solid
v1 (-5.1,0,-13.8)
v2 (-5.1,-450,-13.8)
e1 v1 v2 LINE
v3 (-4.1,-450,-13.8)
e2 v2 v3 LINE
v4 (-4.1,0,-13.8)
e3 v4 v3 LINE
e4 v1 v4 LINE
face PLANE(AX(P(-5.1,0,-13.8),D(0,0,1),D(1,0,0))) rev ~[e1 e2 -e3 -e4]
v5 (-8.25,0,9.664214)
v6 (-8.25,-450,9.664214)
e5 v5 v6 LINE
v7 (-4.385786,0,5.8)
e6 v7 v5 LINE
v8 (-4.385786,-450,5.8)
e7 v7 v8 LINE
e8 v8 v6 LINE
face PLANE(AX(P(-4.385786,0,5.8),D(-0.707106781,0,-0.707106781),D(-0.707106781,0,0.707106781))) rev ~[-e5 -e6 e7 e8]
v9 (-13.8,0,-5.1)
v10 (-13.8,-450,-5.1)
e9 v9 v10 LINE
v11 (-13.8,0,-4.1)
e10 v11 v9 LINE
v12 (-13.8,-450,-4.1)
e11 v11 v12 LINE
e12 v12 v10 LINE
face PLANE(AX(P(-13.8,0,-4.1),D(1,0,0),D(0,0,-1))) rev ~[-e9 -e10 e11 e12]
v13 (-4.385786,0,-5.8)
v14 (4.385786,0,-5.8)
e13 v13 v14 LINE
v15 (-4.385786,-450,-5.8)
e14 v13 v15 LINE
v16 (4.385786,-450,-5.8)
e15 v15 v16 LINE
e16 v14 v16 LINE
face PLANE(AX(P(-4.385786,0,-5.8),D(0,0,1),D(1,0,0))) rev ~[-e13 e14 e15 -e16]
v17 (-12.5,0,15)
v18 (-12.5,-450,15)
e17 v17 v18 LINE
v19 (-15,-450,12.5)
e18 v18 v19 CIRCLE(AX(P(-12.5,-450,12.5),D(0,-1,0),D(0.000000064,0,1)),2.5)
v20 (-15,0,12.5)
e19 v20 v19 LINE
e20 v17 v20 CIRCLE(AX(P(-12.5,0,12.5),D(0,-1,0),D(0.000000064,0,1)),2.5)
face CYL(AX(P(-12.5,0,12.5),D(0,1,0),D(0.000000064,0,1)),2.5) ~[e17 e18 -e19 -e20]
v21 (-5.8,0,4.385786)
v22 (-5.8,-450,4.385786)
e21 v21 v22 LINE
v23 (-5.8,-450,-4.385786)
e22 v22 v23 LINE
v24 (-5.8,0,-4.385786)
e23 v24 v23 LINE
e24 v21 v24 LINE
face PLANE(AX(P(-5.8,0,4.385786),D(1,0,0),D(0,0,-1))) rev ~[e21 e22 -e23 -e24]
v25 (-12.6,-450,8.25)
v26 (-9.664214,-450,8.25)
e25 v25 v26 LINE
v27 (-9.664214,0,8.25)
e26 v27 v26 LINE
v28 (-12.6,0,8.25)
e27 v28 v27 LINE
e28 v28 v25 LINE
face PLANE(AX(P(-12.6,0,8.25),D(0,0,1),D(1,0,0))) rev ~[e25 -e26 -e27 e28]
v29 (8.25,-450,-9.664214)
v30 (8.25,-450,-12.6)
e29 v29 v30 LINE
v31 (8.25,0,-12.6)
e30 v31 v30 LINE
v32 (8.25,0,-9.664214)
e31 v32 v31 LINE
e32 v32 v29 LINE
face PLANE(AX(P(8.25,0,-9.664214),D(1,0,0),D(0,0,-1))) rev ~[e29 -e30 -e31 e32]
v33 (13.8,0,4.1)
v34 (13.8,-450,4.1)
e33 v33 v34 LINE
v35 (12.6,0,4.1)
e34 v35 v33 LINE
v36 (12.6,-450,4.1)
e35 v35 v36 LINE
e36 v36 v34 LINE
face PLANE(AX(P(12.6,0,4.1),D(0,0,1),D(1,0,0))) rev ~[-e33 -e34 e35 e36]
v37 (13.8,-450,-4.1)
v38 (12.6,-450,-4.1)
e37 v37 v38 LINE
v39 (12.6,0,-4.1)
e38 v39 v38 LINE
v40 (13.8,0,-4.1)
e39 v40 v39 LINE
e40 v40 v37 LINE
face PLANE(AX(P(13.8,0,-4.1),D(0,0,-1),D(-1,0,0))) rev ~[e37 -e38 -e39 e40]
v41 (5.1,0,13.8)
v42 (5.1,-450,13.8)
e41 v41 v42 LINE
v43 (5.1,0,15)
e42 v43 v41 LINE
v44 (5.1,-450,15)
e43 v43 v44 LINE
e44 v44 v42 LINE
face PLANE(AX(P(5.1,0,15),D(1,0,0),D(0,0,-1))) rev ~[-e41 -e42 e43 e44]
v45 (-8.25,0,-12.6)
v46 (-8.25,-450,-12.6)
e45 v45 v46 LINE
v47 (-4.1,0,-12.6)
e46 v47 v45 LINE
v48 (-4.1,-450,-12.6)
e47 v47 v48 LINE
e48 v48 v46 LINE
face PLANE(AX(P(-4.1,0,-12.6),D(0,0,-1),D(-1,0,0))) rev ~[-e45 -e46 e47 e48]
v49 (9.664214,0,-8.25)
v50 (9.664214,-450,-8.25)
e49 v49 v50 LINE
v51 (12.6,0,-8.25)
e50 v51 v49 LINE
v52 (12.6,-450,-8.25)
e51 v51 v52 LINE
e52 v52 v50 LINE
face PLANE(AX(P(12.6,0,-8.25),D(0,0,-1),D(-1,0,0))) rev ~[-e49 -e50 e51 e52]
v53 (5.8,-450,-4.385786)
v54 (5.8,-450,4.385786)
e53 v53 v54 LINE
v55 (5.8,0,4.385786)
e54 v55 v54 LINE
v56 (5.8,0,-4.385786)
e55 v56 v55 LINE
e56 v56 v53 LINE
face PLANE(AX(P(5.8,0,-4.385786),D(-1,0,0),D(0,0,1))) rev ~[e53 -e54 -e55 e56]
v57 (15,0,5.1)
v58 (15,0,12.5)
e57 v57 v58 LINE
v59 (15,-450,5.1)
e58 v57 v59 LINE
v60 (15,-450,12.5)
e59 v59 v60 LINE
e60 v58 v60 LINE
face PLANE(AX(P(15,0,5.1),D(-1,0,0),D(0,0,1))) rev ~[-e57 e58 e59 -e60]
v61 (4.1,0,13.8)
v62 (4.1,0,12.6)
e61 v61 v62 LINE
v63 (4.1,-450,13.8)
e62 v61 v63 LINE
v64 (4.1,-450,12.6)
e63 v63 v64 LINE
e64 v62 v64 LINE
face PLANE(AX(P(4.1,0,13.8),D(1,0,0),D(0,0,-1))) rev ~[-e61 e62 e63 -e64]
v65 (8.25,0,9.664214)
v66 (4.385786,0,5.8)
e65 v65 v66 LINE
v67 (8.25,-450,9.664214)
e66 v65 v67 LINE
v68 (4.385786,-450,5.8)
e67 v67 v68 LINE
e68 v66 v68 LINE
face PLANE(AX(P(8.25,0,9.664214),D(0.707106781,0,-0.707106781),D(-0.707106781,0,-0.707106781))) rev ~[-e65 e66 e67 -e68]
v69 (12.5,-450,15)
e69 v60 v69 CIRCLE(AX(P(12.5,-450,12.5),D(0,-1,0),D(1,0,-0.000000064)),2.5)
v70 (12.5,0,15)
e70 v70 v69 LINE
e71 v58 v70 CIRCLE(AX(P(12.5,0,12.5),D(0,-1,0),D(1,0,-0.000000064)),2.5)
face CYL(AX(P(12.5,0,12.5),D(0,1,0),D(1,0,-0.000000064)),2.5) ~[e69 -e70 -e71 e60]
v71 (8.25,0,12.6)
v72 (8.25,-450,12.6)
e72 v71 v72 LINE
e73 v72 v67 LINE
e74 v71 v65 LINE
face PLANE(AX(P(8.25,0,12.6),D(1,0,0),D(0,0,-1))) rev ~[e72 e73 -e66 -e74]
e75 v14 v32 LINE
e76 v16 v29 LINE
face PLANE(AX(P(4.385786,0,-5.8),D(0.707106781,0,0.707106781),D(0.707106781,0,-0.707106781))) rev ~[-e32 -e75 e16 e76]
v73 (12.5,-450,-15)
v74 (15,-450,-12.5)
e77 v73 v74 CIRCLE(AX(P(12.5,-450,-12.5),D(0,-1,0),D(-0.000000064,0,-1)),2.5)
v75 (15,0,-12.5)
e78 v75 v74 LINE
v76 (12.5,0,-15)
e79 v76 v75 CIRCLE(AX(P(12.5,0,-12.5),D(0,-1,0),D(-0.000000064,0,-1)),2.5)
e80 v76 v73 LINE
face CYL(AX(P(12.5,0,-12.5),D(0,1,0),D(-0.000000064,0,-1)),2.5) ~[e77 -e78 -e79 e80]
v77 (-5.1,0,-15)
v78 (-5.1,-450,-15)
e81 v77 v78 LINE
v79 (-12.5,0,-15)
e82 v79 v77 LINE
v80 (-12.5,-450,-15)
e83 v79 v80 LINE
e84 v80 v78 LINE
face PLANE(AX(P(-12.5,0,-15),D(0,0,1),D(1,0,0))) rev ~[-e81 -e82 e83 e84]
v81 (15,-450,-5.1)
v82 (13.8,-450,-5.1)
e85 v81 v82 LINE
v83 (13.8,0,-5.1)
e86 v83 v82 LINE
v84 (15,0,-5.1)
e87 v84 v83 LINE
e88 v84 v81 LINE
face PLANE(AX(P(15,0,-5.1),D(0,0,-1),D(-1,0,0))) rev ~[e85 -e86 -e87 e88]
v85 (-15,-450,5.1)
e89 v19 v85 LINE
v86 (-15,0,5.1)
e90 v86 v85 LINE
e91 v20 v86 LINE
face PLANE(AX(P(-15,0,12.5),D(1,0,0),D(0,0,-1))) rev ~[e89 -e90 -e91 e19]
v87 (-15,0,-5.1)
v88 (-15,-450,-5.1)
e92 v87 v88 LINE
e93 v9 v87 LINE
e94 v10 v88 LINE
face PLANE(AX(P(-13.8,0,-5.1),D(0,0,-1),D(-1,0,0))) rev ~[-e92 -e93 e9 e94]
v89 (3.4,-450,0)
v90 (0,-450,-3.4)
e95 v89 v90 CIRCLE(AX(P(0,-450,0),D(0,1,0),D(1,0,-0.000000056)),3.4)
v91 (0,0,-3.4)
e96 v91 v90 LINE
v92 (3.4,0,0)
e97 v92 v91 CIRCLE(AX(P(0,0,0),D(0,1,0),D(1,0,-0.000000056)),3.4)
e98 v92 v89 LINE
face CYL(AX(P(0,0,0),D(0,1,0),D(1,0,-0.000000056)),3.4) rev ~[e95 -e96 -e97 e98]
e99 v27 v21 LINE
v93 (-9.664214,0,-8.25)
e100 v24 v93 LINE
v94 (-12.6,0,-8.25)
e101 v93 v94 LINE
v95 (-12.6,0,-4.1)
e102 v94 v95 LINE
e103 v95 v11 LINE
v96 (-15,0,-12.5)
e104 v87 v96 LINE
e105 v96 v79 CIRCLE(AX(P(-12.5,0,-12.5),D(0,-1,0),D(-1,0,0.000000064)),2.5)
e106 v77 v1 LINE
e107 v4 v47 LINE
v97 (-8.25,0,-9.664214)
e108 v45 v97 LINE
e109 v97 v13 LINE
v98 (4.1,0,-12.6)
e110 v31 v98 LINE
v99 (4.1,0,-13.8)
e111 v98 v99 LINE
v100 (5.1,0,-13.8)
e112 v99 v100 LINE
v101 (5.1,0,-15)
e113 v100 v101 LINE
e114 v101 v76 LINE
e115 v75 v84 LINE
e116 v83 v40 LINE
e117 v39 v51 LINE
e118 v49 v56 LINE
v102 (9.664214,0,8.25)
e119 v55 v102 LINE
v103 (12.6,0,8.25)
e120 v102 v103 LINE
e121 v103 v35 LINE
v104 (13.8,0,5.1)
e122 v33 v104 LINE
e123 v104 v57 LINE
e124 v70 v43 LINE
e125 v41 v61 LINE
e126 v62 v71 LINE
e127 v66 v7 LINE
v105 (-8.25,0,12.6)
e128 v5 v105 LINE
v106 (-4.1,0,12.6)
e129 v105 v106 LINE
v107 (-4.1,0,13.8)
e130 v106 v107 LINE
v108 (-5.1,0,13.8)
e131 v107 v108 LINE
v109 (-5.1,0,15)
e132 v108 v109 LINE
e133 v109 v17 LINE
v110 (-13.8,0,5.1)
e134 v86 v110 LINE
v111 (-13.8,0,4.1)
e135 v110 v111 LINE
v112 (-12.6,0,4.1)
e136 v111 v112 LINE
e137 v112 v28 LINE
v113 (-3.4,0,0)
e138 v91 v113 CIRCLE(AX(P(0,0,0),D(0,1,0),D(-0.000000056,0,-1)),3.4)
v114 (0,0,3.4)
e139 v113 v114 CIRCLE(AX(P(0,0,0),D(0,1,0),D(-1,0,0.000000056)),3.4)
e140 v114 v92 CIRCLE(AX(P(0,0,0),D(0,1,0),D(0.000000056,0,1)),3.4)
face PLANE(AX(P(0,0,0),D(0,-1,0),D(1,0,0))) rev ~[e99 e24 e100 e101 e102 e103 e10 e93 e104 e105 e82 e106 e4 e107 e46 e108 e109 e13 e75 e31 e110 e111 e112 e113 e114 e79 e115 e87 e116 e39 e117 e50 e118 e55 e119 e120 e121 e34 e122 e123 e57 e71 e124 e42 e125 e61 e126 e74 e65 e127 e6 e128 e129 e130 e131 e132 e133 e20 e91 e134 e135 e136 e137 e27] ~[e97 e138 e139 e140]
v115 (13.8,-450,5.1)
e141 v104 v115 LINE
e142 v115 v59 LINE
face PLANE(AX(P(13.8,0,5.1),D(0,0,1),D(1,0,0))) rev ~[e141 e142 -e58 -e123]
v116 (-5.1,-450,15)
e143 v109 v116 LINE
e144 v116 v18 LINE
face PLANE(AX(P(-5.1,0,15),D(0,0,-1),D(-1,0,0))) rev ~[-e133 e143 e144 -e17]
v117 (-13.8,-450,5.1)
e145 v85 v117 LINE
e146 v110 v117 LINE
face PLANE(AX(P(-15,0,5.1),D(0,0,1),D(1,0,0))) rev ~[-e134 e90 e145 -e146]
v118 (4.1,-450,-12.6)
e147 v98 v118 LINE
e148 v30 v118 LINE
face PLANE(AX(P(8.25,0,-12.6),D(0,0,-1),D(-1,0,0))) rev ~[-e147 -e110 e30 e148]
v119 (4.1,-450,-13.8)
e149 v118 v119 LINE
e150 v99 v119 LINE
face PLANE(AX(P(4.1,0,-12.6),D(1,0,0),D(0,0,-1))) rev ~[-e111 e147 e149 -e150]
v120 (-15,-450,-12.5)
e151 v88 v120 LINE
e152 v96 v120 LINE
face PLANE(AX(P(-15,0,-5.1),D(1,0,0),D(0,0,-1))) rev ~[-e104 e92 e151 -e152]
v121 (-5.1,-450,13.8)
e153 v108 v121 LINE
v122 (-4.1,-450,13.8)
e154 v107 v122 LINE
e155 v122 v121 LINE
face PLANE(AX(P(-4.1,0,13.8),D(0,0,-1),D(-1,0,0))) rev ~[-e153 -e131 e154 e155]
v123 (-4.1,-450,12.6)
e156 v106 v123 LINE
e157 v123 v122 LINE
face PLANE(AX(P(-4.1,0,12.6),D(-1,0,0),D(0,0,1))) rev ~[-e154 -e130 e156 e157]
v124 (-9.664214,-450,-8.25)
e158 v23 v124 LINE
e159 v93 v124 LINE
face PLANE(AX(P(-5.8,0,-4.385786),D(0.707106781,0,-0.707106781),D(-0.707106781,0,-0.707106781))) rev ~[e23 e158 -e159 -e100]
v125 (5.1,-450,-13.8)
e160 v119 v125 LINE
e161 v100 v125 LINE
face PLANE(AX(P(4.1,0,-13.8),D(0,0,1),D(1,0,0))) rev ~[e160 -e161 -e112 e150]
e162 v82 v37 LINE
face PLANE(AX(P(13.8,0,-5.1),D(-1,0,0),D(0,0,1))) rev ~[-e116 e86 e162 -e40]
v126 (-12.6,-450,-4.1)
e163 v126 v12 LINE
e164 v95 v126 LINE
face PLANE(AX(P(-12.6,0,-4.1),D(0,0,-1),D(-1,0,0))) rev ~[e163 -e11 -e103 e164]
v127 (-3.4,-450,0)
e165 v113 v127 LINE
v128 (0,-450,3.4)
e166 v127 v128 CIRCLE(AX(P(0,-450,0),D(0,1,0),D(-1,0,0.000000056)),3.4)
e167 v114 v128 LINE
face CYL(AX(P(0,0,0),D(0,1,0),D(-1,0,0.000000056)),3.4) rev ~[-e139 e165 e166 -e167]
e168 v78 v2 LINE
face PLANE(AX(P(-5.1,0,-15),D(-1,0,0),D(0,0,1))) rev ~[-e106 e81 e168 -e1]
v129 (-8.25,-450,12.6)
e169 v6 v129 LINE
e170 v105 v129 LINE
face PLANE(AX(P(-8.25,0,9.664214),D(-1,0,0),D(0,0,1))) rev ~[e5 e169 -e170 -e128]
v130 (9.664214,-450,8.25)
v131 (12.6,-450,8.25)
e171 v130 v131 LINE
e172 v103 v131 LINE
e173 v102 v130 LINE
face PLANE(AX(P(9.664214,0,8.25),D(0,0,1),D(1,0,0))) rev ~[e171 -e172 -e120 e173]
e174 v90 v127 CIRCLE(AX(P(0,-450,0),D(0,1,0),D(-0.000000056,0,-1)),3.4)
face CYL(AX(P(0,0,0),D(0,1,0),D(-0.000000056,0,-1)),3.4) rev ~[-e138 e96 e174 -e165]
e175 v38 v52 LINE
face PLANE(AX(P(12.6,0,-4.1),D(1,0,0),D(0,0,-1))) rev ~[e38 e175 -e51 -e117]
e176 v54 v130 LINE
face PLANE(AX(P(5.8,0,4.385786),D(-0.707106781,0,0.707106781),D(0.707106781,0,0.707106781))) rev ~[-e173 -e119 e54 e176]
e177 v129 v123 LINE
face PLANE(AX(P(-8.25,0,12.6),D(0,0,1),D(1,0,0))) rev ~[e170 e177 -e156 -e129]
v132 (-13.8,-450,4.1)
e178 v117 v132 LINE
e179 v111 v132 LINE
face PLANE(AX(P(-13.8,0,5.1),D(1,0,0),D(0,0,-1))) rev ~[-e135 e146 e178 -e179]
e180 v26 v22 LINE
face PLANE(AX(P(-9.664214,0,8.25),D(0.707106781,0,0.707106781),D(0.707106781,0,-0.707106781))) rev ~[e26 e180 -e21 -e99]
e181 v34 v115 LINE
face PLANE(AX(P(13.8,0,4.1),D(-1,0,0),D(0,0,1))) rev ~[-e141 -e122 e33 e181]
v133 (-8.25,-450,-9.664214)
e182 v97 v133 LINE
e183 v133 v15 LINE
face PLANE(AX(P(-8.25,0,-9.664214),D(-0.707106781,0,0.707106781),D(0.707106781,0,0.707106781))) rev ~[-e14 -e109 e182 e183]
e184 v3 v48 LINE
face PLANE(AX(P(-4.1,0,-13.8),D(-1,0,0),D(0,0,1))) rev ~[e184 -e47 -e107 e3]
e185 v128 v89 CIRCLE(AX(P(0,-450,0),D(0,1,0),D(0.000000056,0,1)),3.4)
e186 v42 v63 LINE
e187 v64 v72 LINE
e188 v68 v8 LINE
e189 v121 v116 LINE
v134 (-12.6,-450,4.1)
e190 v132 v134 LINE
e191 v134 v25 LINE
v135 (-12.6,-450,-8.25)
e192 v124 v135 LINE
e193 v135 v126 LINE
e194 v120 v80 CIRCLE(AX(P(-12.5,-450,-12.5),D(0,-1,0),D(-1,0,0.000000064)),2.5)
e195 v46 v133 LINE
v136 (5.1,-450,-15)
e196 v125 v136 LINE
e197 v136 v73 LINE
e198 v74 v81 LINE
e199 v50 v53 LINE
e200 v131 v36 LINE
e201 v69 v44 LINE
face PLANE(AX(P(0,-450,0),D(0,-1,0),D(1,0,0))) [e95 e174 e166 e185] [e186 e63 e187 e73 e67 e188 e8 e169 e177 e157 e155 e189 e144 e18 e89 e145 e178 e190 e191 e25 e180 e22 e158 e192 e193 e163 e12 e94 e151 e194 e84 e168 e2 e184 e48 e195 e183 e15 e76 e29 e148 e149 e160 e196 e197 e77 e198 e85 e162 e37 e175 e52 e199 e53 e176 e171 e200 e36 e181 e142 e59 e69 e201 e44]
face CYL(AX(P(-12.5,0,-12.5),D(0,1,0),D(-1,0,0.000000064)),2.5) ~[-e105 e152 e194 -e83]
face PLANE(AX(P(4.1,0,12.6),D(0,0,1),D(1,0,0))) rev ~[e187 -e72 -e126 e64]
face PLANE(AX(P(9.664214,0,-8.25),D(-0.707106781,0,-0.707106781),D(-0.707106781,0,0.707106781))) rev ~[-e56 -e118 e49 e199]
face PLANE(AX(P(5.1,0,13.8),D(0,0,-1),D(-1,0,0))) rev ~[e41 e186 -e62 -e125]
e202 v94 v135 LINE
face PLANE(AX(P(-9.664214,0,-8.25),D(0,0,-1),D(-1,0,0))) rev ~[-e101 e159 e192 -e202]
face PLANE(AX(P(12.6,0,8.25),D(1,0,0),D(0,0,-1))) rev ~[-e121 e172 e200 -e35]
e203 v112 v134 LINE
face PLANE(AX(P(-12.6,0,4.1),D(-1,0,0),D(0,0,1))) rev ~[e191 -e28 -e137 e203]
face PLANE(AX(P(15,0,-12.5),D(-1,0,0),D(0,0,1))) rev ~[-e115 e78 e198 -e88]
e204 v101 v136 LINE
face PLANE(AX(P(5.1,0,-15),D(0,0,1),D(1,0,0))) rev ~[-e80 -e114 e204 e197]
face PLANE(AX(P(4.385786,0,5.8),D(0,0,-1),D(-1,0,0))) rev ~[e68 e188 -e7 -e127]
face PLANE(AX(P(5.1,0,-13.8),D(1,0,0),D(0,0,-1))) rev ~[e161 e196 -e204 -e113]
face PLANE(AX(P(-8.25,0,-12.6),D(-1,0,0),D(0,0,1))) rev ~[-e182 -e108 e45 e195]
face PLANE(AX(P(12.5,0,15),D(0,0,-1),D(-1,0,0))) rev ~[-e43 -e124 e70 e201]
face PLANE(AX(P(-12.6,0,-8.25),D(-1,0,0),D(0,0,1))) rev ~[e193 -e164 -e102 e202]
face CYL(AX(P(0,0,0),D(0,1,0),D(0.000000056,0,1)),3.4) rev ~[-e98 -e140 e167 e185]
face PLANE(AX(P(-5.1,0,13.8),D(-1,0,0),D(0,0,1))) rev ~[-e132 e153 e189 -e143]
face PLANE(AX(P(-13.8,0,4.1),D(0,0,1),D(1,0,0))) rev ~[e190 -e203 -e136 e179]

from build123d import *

# Parameters (mm, degrees)
F1_DEPTH = 450


with BuildPart() as f1:
    # F0 (on Front) → F1 (new body)
    with BuildSketch(Plane.XZ):
        with BuildLine():
            Line((12.5, 15), (5.1, 15))
            Line((5.1, 15), (5.1, 13.8))
            Line((5.1, 13.8), (4.1, 13.8))
            Line((4.1, 13.8), (4.1, 12.6))
            Line((4.1, 12.6), (8.25, 12.6))
            Line((8.25, 12.6), (8.25, 9.664214))
            Line((8.25, 9.664214), (5.092893, 6.507107))
            Line((5.092893, 6.507107), (4.385786, 5.8))
            Line((4.385786, 5.8), (0, 5.8))
            Line((0, 5.8), (-4.385786, 5.8))
            Line((-4.385786, 5.8), (-5.092893, 6.507107))
            Line((-5.092893, 6.507107), (-8.25, 9.664214))
            Line((-8.25, 9.664214), (-8.25, 12.6))
            Line((-8.25, 12.6), (-4.1, 12.6))
            Line((-4.1, 12.6), (-4.1, 13.8))
            Line((-4.1, 13.8), (-5.1, 13.8))
            Line((-5.1, 13.8), (-5.1, 15))
            Line((-5.1, 15), (-12.5, 15))
            ThreePointArc((-12.5, 15), (-14.267767, 14.267767), (-15, 12.5))
            Line((-15, 12.5), (-15, 5.1))
            Line((-15, 5.1), (-13.8, 5.1))
            Line((-13.8, 5.1), (-13.8, 4.1))
            Line((-13.8, 4.1), (-12.6, 4.1))
            Line((-12.6, 4.1), (-12.6, 8.25))
            Line((-12.6, 8.25), (-9.664214, 8.25))
            Line((-9.664214, 8.25), (-6.507107, 5.092893))
            Line((-6.507107, 5.092893), (-5.8, 4.385786))
            Line((-5.8, 4.385786), (-5.8, 0))
            Line((-5.8, 0), (-5.8, -4.385786))
            Line((-5.8, -4.385786), (-6.507107, -5.092893))
            Line((-6.507107, -5.092893), (-9.664214, -8.25))
            Line((-9.664214, -8.25), (-12.6, -8.25))
            Line((-12.6, -8.25), (-12.6, -4.1))
            Line((-12.6, -4.1), (-13.8, -4.1))
            Line((-13.8, -4.1), (-13.8, -5.1))
            Line((-13.8, -5.1), (-15, -5.1))
            Line((-15, -5.1), (-15, -12.5))
            ThreePointArc((-15, -12.5), (-14.267767, -14.267767), (-12.5, -15))
            Line((-12.5, -15), (-5.1, -15))
            Line((-5.1, -15), (-5.1, -13.8))
            Line((-5.1, -13.8), (-4.1, -13.8))
            Line((-4.1, -13.8), (-4.1, -12.6))
            Line((-4.1, -12.6), (-8.25, -12.6))
            Line((-8.25, -12.6), (-8.25, -9.664214))
            Line((-8.25, -9.664214), (-5.092893, -6.507107))
            Line((-5.092893, -6.507107), (-4.385786, -5.8))
            Line((-4.385786, -5.8), (0, -5.8))
            Line((0, -5.8), (4.385786, -5.8))
            Line((4.385786, -5.8), (5.092893, -6.507107))
            Line((5.092893, -6.507107), (8.25, -9.664214))
            Line((8.25, -9.664214), (8.25, -12.6))
            Line((8.25, -12.6), (4.1, -12.6))
            Line((4.1, -12.6), (4.1, -13.8))
            Line((4.1, -13.8), (5.1, -13.8))
            Line((5.1, -13.8), (5.1, -15))
            Line((5.1, -15), (12.5, -15))
            ThreePointArc((12.5, -15), (14.267767, -14.267767), (15, -12.5))
            Line((15, -12.5), (15, -5.1))
            Line((15, -5.1), (13.8, -5.1))
            Line((13.8, -5.1), (13.8, -4.1))
            Line((13.8, -4.1), (12.6, -4.1))
            Line((12.6, -4.1), (12.6, -8.25))
            Line((12.6, -8.25), (9.664214, -8.25))
            Line((9.664214, -8.25), (6.507107, -5.092893))
            Line((6.507107, -5.092893), (5.8, -4.385786))
            Line((5.8, -4.385786), (5.8, 0))
            Line((5.8, 0), (5.8, 4.385786))
            Line((5.8, 4.385786), (6.507107, 5.092893))
            Line((6.507107, 5.092893), (9.664214, 8.25))
            Line((9.664214, 8.25), (12.6, 8.25))
            Line((12.6, 8.25), (12.6, 4.1))
            Line((12.6, 4.1), (13.8, 4.1))
            Line((13.8, 4.1), (13.8, 5.1))
            Line((13.8, 5.1), (15, 5.1))
            Line((15, 5.1), (15, 12.5))
            ThreePointArc((15, 12.5), (14.267767, 14.267767), (12.5, 15))
        make_face()
        with BuildLine():
            ThreePointArc((-3.4, 0), (-2.404163, 2.404163), (0, 3.4))
            ThreePointArc((0, 3.4), (2.404163, 2.404163), (3.4, 0))
            ThreePointArc((3.4, 0), (2.404163, -2.404163), (0, -3.4))
            ThreePointArc((0, -3.4), (-2.404163, -2.404163), (-3.4, 0))
        make_face(mode=Mode.SUBTRACT)
    extrude(amount=F1_DEPTH)


solid = f1.part
